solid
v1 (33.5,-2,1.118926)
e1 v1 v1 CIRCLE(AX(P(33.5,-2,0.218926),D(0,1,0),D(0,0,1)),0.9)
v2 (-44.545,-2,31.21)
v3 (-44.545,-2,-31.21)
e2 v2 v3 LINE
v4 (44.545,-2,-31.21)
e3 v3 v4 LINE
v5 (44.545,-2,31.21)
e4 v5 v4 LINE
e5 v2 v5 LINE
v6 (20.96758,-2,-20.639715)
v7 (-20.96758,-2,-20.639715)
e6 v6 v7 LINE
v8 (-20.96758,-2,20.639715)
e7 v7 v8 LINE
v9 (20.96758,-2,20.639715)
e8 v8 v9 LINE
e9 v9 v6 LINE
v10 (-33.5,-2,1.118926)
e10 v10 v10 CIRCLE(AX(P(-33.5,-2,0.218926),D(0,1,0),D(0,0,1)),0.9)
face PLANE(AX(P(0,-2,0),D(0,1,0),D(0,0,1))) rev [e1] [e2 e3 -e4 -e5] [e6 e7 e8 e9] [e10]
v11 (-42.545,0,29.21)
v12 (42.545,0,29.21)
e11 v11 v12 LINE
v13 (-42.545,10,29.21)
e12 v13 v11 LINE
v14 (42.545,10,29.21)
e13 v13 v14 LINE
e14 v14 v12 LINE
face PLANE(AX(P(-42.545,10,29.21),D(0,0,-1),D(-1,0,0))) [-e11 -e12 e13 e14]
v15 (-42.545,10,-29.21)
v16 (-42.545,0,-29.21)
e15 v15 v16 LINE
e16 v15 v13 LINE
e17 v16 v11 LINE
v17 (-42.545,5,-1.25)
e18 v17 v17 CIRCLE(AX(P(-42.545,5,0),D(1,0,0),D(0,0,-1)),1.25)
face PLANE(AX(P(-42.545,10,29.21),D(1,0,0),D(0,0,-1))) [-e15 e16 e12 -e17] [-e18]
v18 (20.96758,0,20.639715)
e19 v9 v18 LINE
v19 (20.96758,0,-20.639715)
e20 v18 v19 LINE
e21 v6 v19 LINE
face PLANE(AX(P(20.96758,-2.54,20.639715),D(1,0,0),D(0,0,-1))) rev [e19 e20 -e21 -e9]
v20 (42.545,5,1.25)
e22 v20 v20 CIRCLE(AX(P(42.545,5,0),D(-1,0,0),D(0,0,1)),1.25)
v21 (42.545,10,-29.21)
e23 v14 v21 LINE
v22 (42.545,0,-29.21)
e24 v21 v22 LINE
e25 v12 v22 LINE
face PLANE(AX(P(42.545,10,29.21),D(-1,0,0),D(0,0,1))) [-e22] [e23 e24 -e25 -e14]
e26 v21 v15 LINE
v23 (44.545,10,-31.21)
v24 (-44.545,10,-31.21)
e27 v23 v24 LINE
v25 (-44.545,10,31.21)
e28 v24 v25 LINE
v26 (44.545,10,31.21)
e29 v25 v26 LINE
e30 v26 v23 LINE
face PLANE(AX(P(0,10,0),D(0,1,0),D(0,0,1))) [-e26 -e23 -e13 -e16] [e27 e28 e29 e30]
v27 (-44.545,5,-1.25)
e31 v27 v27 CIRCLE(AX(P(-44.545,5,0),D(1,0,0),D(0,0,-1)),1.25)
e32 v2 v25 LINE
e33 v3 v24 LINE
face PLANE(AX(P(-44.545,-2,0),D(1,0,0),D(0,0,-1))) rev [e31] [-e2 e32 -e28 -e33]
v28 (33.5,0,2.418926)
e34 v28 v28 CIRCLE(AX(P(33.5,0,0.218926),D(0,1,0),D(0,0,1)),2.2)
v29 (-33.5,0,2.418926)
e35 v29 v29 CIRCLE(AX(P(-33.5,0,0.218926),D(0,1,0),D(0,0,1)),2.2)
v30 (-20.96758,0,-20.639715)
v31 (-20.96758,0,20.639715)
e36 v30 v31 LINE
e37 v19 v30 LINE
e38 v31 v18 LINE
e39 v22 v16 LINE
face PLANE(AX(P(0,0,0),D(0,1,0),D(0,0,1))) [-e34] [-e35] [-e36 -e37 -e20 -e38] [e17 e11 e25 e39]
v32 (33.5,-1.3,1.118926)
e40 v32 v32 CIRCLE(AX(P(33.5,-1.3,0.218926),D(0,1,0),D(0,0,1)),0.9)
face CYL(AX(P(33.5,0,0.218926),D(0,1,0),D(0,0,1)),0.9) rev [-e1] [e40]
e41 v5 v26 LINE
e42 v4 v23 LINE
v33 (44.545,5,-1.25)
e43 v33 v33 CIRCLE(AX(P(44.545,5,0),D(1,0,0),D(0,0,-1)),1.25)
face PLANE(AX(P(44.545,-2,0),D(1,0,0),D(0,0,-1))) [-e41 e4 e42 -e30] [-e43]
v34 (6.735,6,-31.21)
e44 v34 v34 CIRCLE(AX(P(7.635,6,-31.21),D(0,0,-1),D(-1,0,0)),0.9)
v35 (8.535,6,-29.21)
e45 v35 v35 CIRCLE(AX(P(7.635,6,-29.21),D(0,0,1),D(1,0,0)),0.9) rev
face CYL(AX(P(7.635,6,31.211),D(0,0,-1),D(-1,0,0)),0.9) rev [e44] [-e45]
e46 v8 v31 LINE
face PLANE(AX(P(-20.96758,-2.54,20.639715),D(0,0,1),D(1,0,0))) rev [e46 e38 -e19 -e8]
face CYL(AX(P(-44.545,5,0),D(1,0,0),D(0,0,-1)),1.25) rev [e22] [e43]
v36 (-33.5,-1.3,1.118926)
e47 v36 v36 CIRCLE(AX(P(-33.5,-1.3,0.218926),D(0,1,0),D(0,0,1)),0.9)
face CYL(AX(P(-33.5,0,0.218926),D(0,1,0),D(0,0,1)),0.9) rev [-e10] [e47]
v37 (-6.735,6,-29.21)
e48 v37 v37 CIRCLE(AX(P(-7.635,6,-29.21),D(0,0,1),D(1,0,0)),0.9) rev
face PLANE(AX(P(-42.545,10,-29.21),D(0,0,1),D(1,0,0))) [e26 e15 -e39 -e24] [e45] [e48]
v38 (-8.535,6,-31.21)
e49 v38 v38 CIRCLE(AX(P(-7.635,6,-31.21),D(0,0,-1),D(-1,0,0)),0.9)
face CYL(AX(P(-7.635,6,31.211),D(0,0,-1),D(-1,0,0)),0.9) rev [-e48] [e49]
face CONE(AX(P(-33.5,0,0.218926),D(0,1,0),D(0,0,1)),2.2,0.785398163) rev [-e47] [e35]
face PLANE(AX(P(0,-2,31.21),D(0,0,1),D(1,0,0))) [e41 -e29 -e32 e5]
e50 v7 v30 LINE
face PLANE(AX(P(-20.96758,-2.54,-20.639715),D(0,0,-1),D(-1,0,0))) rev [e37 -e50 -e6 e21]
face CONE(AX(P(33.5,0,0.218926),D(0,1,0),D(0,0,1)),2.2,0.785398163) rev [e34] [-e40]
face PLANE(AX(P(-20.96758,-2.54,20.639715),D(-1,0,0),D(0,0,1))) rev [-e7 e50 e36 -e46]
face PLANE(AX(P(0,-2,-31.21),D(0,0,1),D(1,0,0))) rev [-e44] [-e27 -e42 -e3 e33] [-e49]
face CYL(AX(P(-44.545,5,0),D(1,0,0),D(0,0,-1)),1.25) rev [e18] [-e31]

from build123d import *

# Parameters (mm, degrees)
SKETCH1_W                                       = 89.09
SKETCH1_H                                       = 62.42
BOSS_EXTRUDE1_DEPTH                             = 2
SKETCH1_3_W                                     = 89.09
SKETCH1_3_H                                     = 62.42
SKETCH1_3_W_2                                   = 85.09
SKETCH1_3_H_2                                   = 58.42
BOSS_EXTRUDE2_DEPTH                             = 10
CSK_FOR_M2_FLAT_HEAD_MACHINE_SCREW1_D           = 1.8
CSK_FOR_M2_FLAT_HEAD_MACHINE_SCREW1_DEPTH       = 9.906
CSK_FOR_M2_FLAT_HEAD_MACHINE_SCREW1_CSINK_D     = 4.4
CSK_FOR_M2_FLAT_HEAD_MACHINE_SCREW1_CSINK_ANGLE = 90
CSK_FOR_M2_FLAT_HEAD_MACHINE_SCREW1_TIP         = 0.540774557
SKETCH7_W                                       = 41.935160688
SKETCH7_H                                       = 41.279429724
CUT_EXTRUDE1_DEPTH                              = 2.54
CUT_EXTRUDE2_REACH                              = 79.334
SKETCH8_R                                       = 0.9
SKETCH9_R                                       = 1.25
CUT_EXTRUDE3_DEPTH                              = 95.92677283


with BuildPart() as part:
    # Sketch1 → Boss-Extrude1 (new body)
    with BuildSketch(Plane(origin=(0, 0, 0), x_dir=(1, 0, 0), z_dir=(0, 1, 0))):
        Rectangle(SKETCH1_W, SKETCH1_H)
    extrude(amount=-BOSS_EXTRUDE1_DEPTH)

    # Sketch1<3> → Boss-Extrude2 (add)
    with BuildSketch(Plane(origin=(0, 0, 0), x_dir=(1, 0, 0), z_dir=(0, 1, 0))):
        Rectangle(SKETCH1_3_W, SKETCH1_3_H)
        Rectangle(SKETCH1_3_W_2, SKETCH1_3_H_2, mode=Mode.SUBTRACT)
    extrude(amount=BOSS_EXTRUDE2_DEPTH)

    # CSK for M2 Flat Head Machine Screw1
    with Locations(Plane(origin=(0, 0, 0), x_dir=(1, 0, 0), z_dir=(0, 1, 0))):
        with Locations((-33.5, -0.21892606), (33.5, -0.21892606)):
            CounterSinkHole(CSK_FOR_M2_FLAT_HEAD_MACHINE_SCREW1_D / 2, CSK_FOR_M2_FLAT_HEAD_MACHINE_SCREW1_CSINK_D / 2, depth=CSK_FOR_M2_FLAT_HEAD_MACHINE_SCREW1_DEPTH, counter_sink_angle=CSK_FOR_M2_FLAT_HEAD_MACHINE_SCREW1_CSINK_ANGLE)
            with Locations((0, 0, -(CSK_FOR_M2_FLAT_HEAD_MACHINE_SCREW1_DEPTH + CSK_FOR_M2_FLAT_HEAD_MACHINE_SCREW1_TIP / 2))):  # 118° drill point
                Cone(0, CSK_FOR_M2_FLAT_HEAD_MACHINE_SCREW1_D / 2, CSK_FOR_M2_FLAT_HEAD_MACHINE_SCREW1_TIP, mode=Mode.SUBTRACT)

    # Sketch7 → Cut-Extrude1 (cut)
    with BuildSketch(Plane(origin=(0, 0, 0), x_dir=(1, 0, 0), z_dir=(0, 1, 0))):
        Rectangle(SKETCH7_W, SKETCH7_H)
    extrude(amount=-CUT_EXTRUDE1_DEPTH, mode=Mode.SUBTRACT)

    # Sketch8 → Cut-Extrude2 (cut, up to next)
    with BuildSketch(Plane(origin=(0, 0, -31.21), x_dir=(-1, 0, 0), z_dir=(0, 0, -1)), mode=Mode.PRIVATE) as cut_extrude2_sk1:
        with Locations((-7.635, 6)):
            Circle(SKETCH8_R)
    cut_extrude2_tool1 = extrude(cut_extrude2_sk1.sketch, amount=-CUT_EXTRUDE2_REACH, mode=Mode.PRIVATE) & part.part
    # Sketch8 → Cut-Extrude2 (cut, up to next)
    with BuildSketch(Plane(origin=(0, 0, -31.21), x_dir=(-1, 0, 0), z_dir=(0, 0, -1)), mode=Mode.PRIVATE) as cut_extrude2_sk2:
        with Locations((7.635, 6)):
            Circle(SKETCH8_R)
    cut_extrude2_tool2 = extrude(cut_extrude2_sk2.sketch, amount=-CUT_EXTRUDE2_REACH, mode=Mode.PRIVATE) & part.part
    add(cut_extrude2_tool1.solids().sort_by_distance((7.635, 6, -31.21))[0], mode=Mode.SUBTRACT)
    add(cut_extrude2_tool2.solids().sort_by_distance((-7.635, 6, -31.21))[0], mode=Mode.SUBTRACT)

    # Sketch9 → Cut-Extrude3 (cut, through all)
    with BuildSketch(Plane(origin=(44.545, 0, 0), x_dir=(0, 0, -1), z_dir=(1, 0, 0))):
        with Locations((0, 5)):
            Circle(SKETCH9_R)
    extrude(amount=-CUT_EXTRUDE3_DEPTH, mode=Mode.SUBTRACT)


solid = part.part
